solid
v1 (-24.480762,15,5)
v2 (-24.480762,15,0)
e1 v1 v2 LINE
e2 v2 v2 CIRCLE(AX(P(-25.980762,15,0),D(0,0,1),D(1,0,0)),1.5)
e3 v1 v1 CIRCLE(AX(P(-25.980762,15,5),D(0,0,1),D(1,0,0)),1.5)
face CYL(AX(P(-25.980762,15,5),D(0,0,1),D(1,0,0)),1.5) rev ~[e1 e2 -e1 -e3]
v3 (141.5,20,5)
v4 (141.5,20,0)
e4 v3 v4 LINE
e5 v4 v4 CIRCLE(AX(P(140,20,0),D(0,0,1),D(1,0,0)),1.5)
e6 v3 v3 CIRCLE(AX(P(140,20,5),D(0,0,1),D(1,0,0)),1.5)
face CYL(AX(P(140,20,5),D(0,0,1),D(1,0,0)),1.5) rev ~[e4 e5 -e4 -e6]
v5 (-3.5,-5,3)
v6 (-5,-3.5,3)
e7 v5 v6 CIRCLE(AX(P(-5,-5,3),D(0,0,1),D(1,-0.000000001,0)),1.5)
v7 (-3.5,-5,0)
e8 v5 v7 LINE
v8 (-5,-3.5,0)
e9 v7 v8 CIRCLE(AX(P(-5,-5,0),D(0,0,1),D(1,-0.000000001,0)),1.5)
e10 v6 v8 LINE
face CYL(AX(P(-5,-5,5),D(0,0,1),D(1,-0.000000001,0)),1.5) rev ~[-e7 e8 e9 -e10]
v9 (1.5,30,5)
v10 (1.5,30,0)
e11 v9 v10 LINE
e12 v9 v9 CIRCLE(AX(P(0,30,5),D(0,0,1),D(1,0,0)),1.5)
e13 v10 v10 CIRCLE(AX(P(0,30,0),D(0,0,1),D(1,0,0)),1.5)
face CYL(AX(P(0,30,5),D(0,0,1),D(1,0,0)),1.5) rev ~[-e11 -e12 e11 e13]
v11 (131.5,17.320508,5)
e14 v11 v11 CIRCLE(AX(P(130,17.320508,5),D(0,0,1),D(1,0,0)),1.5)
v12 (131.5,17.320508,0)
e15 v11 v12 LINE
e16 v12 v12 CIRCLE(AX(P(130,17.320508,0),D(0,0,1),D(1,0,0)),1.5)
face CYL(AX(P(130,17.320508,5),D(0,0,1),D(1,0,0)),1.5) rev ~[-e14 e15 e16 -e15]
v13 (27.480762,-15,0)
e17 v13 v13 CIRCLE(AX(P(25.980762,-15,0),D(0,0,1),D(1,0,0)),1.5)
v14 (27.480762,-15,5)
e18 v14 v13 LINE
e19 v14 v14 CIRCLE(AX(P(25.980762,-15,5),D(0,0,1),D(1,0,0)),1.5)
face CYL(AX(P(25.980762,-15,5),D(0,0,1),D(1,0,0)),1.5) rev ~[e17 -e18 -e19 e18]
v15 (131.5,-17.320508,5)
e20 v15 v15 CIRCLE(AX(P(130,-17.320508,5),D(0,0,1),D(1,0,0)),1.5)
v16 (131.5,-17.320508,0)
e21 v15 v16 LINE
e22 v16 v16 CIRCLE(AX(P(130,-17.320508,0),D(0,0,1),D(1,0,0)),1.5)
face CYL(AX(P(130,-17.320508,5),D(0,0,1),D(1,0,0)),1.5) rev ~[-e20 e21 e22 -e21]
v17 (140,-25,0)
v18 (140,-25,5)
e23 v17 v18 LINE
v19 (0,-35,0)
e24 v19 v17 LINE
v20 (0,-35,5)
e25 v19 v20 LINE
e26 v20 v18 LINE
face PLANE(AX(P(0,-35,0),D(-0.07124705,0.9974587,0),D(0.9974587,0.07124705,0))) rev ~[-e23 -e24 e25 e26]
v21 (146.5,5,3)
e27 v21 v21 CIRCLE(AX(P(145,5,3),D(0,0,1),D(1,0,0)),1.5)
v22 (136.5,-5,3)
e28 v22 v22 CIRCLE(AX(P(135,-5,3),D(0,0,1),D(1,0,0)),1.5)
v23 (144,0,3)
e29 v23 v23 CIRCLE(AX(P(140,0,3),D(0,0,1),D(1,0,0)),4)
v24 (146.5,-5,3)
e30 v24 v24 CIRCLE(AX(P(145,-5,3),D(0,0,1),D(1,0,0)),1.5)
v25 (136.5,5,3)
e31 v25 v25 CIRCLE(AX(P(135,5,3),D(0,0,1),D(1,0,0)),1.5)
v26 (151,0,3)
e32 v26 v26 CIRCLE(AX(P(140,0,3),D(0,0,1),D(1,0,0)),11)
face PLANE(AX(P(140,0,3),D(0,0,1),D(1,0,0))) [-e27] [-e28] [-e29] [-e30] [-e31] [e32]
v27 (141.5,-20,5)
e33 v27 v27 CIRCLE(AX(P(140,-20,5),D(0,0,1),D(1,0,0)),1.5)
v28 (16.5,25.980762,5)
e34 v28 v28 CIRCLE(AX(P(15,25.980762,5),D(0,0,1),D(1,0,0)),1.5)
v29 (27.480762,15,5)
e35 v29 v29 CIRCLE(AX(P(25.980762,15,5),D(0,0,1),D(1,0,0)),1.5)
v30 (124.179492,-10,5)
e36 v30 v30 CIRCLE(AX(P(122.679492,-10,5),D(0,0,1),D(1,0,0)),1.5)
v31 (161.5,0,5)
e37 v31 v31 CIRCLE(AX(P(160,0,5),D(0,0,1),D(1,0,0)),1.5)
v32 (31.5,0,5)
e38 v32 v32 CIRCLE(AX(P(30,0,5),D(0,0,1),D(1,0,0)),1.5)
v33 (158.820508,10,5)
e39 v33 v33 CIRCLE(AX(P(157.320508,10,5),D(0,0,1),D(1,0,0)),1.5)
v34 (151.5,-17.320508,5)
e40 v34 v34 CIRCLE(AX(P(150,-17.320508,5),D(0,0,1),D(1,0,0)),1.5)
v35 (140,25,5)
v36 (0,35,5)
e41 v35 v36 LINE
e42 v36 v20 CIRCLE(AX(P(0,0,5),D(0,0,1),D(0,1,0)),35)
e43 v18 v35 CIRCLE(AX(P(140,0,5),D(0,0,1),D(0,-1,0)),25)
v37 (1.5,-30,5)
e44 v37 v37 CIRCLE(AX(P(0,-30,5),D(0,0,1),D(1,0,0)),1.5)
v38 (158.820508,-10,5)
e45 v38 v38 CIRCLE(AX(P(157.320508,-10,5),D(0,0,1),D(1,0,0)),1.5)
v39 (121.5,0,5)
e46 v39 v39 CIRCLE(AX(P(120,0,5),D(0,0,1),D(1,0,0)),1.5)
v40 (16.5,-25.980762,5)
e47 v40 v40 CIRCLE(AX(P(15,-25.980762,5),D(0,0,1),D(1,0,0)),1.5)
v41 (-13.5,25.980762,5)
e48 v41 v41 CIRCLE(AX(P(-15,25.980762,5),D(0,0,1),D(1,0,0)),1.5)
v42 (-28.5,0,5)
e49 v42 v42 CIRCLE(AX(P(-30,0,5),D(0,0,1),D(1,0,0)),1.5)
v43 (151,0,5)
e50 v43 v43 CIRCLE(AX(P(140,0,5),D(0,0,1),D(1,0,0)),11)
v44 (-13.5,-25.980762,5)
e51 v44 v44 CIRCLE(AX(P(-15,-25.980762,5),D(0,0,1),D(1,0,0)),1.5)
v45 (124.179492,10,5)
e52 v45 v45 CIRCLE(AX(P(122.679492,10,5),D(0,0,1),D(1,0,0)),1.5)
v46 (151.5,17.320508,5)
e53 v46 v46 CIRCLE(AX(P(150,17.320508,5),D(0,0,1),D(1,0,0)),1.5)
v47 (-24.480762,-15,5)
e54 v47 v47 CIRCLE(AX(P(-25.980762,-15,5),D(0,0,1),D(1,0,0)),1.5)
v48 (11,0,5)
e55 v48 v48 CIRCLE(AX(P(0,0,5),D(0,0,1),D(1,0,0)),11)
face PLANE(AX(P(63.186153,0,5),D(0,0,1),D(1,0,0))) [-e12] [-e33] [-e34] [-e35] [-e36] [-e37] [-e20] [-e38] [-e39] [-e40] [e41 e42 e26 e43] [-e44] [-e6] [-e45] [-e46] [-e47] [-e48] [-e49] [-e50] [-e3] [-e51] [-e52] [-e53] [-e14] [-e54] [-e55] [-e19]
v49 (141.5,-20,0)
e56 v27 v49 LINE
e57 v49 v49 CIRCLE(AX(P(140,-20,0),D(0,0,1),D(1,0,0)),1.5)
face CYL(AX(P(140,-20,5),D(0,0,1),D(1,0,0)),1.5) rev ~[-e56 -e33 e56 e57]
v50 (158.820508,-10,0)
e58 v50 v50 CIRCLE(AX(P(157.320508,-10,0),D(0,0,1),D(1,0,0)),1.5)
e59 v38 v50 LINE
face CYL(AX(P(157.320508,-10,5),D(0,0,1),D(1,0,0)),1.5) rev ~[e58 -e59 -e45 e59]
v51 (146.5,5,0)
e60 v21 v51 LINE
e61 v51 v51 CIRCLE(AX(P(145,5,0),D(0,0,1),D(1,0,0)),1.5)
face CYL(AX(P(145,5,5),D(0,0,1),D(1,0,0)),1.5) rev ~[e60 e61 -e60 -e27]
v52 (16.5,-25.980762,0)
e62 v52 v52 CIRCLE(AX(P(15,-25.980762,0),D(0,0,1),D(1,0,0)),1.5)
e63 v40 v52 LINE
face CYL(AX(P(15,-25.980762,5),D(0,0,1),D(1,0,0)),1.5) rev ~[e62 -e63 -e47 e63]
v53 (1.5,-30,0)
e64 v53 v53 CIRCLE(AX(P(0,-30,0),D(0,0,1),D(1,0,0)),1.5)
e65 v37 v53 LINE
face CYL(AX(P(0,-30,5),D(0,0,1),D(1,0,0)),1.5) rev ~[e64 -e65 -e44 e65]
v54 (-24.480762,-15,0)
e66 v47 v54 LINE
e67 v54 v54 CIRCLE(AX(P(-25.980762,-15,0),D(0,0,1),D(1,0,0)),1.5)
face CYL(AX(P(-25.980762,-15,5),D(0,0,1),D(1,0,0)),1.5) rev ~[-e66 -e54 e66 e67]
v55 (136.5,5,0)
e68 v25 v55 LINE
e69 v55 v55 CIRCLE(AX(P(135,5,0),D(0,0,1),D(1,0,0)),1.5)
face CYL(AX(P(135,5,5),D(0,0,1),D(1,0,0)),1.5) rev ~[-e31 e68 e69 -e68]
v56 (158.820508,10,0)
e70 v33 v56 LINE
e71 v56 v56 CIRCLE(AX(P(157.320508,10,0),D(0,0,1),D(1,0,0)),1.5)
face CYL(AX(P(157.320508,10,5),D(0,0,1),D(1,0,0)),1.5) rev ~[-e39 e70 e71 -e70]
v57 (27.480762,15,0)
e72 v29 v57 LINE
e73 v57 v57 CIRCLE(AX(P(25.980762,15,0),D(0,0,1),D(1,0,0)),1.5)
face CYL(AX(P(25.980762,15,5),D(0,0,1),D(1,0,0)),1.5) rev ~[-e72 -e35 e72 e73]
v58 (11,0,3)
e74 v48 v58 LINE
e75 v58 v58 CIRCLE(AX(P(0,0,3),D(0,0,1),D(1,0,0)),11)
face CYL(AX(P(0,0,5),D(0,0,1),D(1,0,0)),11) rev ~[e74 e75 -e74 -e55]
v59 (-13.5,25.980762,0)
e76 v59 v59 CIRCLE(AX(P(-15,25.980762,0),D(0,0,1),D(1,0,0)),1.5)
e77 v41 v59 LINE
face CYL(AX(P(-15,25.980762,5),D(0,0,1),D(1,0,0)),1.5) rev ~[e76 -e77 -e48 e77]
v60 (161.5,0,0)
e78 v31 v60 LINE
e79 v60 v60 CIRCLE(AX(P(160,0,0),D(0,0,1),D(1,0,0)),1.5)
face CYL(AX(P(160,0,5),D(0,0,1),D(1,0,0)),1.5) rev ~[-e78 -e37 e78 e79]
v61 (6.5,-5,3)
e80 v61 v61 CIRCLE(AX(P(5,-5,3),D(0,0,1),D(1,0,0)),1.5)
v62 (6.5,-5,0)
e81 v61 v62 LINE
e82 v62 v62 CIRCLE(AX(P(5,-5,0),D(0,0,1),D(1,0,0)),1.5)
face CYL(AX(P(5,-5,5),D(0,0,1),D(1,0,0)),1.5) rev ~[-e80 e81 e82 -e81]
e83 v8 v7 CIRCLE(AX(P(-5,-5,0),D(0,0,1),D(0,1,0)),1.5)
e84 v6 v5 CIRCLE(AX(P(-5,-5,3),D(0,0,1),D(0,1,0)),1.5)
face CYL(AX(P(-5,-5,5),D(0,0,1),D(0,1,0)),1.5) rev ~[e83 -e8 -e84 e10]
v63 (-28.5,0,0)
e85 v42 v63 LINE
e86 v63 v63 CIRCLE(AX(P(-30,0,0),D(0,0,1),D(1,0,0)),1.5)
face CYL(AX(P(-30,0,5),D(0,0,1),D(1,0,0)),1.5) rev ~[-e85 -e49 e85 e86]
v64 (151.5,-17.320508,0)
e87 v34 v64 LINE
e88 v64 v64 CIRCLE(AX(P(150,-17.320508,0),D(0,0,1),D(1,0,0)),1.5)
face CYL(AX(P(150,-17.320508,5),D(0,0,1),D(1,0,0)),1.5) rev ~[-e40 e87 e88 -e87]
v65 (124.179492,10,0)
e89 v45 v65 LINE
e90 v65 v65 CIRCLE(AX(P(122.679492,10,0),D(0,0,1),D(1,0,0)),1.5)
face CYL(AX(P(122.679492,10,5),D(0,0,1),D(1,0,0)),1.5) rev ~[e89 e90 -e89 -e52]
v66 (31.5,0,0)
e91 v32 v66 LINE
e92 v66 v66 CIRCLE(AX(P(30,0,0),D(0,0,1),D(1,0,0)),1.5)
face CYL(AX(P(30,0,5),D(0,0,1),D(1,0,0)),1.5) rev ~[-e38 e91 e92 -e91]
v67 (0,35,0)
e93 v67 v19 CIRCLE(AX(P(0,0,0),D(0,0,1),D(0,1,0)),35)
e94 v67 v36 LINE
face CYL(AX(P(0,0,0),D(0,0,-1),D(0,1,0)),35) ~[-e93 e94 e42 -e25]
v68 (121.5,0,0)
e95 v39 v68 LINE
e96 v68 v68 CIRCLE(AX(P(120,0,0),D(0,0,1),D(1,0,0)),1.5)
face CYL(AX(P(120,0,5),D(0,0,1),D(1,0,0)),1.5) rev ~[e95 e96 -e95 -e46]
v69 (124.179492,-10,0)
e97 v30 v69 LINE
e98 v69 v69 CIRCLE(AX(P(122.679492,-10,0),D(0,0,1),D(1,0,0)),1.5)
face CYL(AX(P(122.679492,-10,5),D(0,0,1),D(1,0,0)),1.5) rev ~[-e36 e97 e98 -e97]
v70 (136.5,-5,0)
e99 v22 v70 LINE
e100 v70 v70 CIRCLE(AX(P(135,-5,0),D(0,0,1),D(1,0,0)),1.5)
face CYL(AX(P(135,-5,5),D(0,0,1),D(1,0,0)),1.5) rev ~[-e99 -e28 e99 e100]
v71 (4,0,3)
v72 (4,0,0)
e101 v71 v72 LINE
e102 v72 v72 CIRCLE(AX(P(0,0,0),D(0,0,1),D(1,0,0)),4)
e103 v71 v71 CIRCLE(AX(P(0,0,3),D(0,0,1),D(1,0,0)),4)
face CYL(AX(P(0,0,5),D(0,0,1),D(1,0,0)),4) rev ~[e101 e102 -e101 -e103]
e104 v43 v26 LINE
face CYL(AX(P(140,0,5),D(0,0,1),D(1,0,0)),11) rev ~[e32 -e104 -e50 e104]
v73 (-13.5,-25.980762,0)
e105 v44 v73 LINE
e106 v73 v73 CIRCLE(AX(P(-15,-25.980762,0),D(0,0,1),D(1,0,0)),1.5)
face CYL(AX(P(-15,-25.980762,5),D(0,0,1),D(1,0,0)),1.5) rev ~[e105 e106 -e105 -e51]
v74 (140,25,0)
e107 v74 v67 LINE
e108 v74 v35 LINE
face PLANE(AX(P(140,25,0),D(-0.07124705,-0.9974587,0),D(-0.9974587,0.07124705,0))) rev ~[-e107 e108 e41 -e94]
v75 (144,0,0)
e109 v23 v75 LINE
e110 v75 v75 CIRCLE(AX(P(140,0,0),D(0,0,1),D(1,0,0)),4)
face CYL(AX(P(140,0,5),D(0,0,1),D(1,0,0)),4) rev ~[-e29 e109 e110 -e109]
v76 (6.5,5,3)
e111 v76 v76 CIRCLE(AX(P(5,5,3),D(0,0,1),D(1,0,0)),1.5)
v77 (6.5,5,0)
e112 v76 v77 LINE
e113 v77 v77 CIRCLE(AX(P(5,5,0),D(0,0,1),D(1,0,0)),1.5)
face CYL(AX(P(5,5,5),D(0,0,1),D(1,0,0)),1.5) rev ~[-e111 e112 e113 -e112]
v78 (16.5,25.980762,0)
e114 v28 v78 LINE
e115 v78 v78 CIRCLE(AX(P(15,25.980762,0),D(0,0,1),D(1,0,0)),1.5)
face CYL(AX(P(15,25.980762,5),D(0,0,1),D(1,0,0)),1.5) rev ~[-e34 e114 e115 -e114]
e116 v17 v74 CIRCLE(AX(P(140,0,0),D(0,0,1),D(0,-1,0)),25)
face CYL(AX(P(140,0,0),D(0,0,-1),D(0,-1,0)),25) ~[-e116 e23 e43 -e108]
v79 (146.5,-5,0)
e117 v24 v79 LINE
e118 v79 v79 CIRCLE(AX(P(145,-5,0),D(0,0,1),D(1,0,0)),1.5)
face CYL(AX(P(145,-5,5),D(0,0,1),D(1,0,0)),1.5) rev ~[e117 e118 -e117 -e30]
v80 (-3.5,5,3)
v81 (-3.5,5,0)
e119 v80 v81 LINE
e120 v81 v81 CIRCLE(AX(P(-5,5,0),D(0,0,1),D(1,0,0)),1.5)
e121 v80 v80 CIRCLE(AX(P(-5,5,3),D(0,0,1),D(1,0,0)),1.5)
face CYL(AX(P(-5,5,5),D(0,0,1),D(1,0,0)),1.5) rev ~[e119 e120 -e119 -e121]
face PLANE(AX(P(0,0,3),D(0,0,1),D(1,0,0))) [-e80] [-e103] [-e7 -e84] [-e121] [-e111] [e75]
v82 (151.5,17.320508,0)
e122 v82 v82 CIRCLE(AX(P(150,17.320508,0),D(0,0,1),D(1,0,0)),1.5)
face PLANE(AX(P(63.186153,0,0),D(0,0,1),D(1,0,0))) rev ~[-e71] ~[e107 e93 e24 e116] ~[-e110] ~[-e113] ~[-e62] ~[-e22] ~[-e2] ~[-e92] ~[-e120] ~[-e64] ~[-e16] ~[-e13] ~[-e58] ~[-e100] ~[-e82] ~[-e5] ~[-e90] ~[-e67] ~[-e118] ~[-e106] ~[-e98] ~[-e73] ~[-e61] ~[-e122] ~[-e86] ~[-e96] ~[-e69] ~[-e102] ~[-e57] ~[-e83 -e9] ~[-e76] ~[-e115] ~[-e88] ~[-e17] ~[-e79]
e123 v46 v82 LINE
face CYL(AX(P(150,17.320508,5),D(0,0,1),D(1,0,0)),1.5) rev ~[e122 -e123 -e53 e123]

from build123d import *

# Parameters (mm, degrees)
EXTRUDE_3_DEPTH     = 5
SKETCH_4_R          = 4
SKETCH_4_R_2        = 1.5
CUT_EXTRUDE_3_DEPTH = 5
SKETCH_5_R          = 11
CUT_EXTRUDE_4_DEPTH = 2
SKETCH_6_R          = 1.5
CUT_EXTRUDE_6_DEPTH = 169.745370307


with BuildPart() as part:
    # 草图1 → 凸台-拉伸3 (new body)
    with BuildSketch(Plane.XY):
        with BuildLine():
            Line((140, 25), (0, 35))
            ThreePointArc((0, 35), (-35, 0), (0, -35))
            Line((0, -35), (140, -25))
            ThreePointArc((140, -25), (165, 0), (140, 25))
        make_face()
    extrude(amount=EXTRUDE_3_DEPTH)

    # 草图4 → 切除-拉伸3 (cut)
    with BuildSketch(Plane.XY.offset(5)):
        with Locations((140, 0)):
            Circle(SKETCH_4_R)
        Circle(SKETCH_4_R)
        with BuildLine():
            Line((-5, -3.5), (-5, -5))
            Line((-5, -5), (-3.5, -5))
            ThreePointArc((-3.5, -5), (-3.939339828, -3.939339828), (-5, -3.5))
        make_face()
        with BuildLine():
            Line((-3.5, -5), (-5, -5))
            Line((-5, -5), (-5, -3.5))
            ThreePointArc((-5, -3.5), (-6.060660172, -6.060660172), (-3.5, -5))
        make_face()
        with Locations((135, 5)):
            Circle(SKETCH_4_R_2)
        with Locations((135, -5)):
            Circle(SKETCH_4_R_2)
        with Locations((145, -5)):
            Circle(SKETCH_4_R_2)
        with Locations((145, 5)):
            Circle(SKETCH_4_R_2)
        with Locations((-5, 5)):
            Circle(SKETCH_4_R_2)
        with Locations((5, 5)):
            Circle(SKETCH_4_R_2)
        with Locations((5, -5)):
            Circle(SKETCH_4_R_2)
    extrude(amount=-CUT_EXTRUDE_3_DEPTH, mode=Mode.SUBTRACT)

    # 草图5 → 切除-拉伸4 (cut)
    with BuildSketch(Plane.XY.offset(5)):
        Circle(SKETCH_5_R)
        with Locations((140, 0)):
            Circle(SKETCH_5_R)
    extrude(amount=-CUT_EXTRUDE_4_DEPTH, mode=Mode.SUBTRACT)

    # 草图6 → 切除-拉伸6 (cut, through all)
    with BuildSketch(Plane.XY.offset(5)):
        with Locations((0, 30)):
            Circle(SKETCH_6_R)
        with Locations((15, 25.980762114)):
            Circle(SKETCH_6_R)
        with Locations((25.980762114, 15)):
            Circle(SKETCH_6_R)
        with Locations((30, 0)):
            Circle(SKETCH_6_R)
        with Locations((25.980762114, -15)):
            Circle(SKETCH_6_R)
        with Locations((15, -25.980762114)):
            Circle(SKETCH_6_R)
        with Locations((0, -30)):
            Circle(SKETCH_6_R)
        with Locations((-15, -25.980762114)):
            Circle(SKETCH_6_R)
        with Locations((-25.980762114, -15)):
            Circle(SKETCH_6_R)
        with Locations((-30, 0)):
            Circle(SKETCH_6_R)
        with Locations((-25.980762114, 15)):
            Circle(SKETCH_6_R)
        with Locations((-15, 25.980762114)):
            Circle(SKETCH_6_R)
        with Locations((140, 20)):
            Circle(SKETCH_6_R)
        with Locations((150, 17.320508076)):
            Circle(SKETCH_6_R)
        with Locations((157.320508076, 10)):
            Circle(SKETCH_6_R)
        with Locations((160, 0)):
            Circle(SKETCH_6_R)
        with Locations((157.320508076, -10)):
            Circle(SKETCH_6_R)
        with Locations((150, -17.320508076)):
            Circle(SKETCH_6_R)
        with Locations((140, -20)):
            Circle(SKETCH_6_R)
        with Locations((130, -17.320508076)):
            Circle(SKETCH_6_R)
        with Locations((122.679491924, -10)):
            Circle(SKETCH_6_R)
        with Locations((120, 0)):
            Circle(SKETCH_6_R)
        with Locations((122.679491924, 10)):
            Circle(SKETCH_6_R)
        with Locations((130, 17.320508076)):
            Circle(SKETCH_6_R)
    extrude(amount=-CUT_EXTRUDE_6_DEPTH, mode=Mode.SUBTRACT)


solid = part.part
